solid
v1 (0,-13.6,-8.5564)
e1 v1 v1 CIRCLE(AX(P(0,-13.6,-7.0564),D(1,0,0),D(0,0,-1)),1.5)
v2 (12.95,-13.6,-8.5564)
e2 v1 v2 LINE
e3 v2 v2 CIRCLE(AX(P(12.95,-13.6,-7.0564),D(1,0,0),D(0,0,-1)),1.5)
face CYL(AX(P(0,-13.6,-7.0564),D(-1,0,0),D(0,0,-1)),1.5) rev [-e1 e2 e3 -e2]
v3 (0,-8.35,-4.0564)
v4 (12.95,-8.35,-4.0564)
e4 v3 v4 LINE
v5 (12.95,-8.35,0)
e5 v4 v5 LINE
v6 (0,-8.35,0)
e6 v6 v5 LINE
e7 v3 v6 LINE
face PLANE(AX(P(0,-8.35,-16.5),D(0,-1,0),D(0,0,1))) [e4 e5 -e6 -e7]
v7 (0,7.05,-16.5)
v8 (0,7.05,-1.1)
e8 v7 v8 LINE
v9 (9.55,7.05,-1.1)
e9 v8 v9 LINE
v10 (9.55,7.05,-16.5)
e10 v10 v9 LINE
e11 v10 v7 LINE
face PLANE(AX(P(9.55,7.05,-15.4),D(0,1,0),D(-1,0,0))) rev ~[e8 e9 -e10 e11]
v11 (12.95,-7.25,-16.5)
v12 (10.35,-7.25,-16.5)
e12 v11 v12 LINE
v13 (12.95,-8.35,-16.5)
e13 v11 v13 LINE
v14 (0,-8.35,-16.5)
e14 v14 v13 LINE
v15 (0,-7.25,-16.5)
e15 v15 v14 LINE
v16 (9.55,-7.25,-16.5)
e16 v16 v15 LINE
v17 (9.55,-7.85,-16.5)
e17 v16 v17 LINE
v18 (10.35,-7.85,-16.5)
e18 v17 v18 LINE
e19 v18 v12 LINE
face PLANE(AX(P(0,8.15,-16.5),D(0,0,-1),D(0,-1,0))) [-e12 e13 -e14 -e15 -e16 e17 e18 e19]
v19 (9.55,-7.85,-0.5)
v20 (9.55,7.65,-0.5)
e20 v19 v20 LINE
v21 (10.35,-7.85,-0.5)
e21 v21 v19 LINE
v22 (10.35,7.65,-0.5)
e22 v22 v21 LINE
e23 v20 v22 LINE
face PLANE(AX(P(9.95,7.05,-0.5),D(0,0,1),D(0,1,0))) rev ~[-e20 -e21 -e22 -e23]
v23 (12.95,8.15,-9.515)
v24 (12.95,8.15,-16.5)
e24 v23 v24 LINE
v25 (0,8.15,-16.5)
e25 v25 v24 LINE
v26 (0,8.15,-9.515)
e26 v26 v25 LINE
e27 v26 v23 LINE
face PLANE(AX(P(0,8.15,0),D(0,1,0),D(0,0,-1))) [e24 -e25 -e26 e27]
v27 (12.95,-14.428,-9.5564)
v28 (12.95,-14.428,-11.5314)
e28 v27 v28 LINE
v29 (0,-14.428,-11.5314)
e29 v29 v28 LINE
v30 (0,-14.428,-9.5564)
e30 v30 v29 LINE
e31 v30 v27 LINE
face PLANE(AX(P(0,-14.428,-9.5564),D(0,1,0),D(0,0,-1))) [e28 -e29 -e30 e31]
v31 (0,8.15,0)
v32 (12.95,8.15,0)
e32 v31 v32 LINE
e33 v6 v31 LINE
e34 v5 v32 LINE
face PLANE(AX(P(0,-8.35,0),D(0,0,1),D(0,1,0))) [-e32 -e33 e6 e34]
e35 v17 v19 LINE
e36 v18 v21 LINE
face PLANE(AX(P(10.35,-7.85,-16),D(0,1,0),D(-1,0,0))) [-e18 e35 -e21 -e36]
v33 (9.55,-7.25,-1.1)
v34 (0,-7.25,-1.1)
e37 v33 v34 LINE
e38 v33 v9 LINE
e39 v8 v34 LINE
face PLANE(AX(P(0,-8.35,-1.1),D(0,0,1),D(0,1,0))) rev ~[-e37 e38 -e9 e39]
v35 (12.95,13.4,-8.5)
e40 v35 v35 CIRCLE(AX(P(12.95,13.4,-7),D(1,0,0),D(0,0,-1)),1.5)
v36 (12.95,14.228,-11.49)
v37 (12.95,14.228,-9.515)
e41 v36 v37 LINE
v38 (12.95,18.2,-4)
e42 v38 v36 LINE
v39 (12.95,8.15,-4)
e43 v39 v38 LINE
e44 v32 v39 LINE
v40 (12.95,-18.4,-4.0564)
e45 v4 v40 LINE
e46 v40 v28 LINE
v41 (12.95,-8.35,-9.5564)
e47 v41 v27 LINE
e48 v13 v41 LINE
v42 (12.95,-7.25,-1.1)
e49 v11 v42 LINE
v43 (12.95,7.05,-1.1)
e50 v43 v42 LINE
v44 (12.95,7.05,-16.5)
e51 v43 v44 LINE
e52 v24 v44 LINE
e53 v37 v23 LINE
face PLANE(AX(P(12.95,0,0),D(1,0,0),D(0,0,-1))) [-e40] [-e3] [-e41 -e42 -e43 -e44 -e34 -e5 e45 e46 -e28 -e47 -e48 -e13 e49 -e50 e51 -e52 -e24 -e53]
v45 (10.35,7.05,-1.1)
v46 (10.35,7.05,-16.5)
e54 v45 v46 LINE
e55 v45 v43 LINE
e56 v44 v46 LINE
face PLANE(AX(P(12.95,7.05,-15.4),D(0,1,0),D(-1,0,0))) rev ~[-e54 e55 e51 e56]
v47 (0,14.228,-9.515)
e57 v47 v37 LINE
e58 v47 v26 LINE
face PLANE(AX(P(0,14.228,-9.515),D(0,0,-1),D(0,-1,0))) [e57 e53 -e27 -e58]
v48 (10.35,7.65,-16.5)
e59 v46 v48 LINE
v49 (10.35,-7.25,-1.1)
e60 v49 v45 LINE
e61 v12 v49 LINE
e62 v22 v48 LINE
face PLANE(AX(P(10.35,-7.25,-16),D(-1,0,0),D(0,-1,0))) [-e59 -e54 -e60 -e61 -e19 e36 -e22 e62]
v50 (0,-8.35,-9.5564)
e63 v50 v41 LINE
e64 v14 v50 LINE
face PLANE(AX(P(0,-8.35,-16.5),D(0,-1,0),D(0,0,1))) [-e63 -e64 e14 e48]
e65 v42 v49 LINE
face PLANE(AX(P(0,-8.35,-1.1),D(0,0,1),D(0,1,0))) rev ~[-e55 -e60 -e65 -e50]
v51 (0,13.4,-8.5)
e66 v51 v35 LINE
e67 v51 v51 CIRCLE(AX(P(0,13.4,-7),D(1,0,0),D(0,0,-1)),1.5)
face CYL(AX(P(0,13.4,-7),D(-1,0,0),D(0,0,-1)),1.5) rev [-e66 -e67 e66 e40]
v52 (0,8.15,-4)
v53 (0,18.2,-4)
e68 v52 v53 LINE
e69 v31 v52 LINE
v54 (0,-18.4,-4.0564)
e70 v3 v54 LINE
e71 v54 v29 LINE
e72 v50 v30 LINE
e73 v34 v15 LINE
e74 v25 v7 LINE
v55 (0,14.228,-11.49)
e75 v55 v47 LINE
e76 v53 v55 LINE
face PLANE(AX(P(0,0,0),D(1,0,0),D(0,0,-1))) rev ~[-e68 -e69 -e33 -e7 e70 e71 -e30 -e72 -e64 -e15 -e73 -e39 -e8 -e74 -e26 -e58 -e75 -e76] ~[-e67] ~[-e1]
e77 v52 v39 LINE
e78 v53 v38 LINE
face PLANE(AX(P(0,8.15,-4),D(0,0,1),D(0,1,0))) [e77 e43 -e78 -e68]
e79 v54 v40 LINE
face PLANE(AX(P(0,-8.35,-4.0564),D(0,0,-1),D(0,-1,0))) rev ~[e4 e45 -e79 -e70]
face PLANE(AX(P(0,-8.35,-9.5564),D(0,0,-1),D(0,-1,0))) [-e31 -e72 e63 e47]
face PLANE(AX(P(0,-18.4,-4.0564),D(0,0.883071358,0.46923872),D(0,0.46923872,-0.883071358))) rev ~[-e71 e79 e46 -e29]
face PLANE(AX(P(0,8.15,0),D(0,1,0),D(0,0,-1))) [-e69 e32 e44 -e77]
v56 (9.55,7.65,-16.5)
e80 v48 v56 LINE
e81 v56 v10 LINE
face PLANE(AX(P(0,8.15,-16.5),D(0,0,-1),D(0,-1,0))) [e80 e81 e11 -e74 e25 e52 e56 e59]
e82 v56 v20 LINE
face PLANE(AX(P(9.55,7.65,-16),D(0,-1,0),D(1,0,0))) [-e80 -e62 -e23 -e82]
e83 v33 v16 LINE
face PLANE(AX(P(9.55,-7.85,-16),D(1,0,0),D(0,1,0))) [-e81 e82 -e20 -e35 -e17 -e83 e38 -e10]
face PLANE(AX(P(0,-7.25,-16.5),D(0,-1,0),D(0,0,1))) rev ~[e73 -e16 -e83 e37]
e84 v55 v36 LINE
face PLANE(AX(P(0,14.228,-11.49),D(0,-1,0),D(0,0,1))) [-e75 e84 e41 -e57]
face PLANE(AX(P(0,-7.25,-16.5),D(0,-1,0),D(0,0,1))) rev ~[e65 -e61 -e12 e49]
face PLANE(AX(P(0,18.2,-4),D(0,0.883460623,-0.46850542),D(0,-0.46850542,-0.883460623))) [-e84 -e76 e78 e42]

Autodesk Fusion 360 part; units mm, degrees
sketch "Sketch Metalens Holder" plane through (0, 0, 0) normal (1, 0, 0) x (0, 0, -1)
  line L0 (0, 8.15) -> (16.5, 8.15)
  line L1 (16.5, 8.15) -> (16.5, -8.35)
  line L2 (16.5, -8.35) -> (0, -8.35)
  line L3 (0, -8.35) -> (0, 8.15)
  dimension "d3" = 16.5
  dimension "d4" = 16.5
extrude "Extrude Metalens Holder" add sketch "Sketch Metalens Holder" along normal blind 12.95
shell "Shell Metalens Holder" thickness 1.1 removed faces 2 at (12.95, 2.65, -5.5) at (0, 2.65, -5.5)
sketch "Sketch Screwing Parts" plane through (0, 0, 0) normal (1, 0, 0) x (0, 0, -1)
  line L0 (4, 8.15) -> (4, 18.2)
  line L1 (4, 18.2) -> (11.49, 14.228)
  line L2 (11.49, 14.228) -> (9.515, 14.228)
  line L3 (9.515, 14.228) -> (9.515, 8.15)
  line L4 (4, 8.15) -> (9.515, 8.15)
  circle A0 centre (7, 13.4) radius 1.5
  line L5 (0, 8.15) -> (16.5, 8.15)
  line L6 (4.0564, -8.35) -> (4.0564, -18.4)
  line L7 (0.0564, -8.35) -> (16.5564, -8.35)
  line L8 (0, -8.35) -> (16.5, -8.35)
  line L9 (9.5564, -8.35) -> (9.5564, -14.428)
  line L10 (9.5564, -14.428) -> (11.5314, -14.428)
  line L11 (4.0564, -18.4) -> (11.5314, -14.428)
  circle A1 centre (7.0564, -13.6) radius 1.5
  point P0 (0, 8.15)
  dimension "d48" = 10.05
  dimension "d50" = 8.478
  dimension "d51" = 1.975
  dimension "d55" = 3
  dimension "d57" = 4.8
  dimension "d65" = 16.5
  dimension "d66" = 4
  dimension "d68" = 5.5
  dimension "d72" = 4.8
  dimension "d73" = 9.5
  dimension "d74" = 7
  dimension "d75" = 6.078
  dimension "d76" = 27
  dimension "d77" = 36.6
extrude "Extrude Crewing Parts" add sketch "Sketch Screwing Parts" along normal blind 12.95
ref_plane "WorkPlane1" through (9.95, -0.1, -8.25) normal (1, 0, 0) x (0, 0, -1)
sketch "Sketch Inside Slit" plane through (9.95, 0, 0) normal (1, 0, 0) x (0, 0, -1)
  line L0 (15.4, 7.05) -> (15.4, -7.25)
  line L1 (0.5, 7.65) -> (16, 7.65)
  line L2 (16, 7.65) -> (16, -7.85)
  line L3 (16, -7.85) -> (0.5, -7.85)
  line L4 (0.5, -7.85) -> (0.5, 7.65)
  line L5 (15.4, 7.05) -> (1.1, 7.05)
  line L6 (1.1, 7.05) -> (1.1, -7.25)
  line L7 (1.1, -7.25) -> (15.4, -7.25)
  line L8 (15.4, -7.25) -> (15.4, 7.05)
  line L9 (15.4, 7.05) -> (0.5, 7.05)
  line L10 (1.1, 7.05) -> (16, 7.05)
  line L11 (1.1, -7.25) -> (16, -7.25)
  line L12 (15.4, -7.25) -> (0.5, -7.25)
  line L13 (16.5, -8.35) -> (16.5, 8.15)
  line L14 (16.5, 8.15) -> (9.515, 8.15)
  point P0 (1.1, -7.25)
  point P1 (1.1, 7.05)
  dimension "d91" = 15.5
  dimension "d132" = 0.5
  dimension "d133" = 0.5
extrude "Extrude Inside Slit" cut sketch "Sketch Inside Slit" along normal mid plane 0.8
extrude "Extrude Remove 4th Wall" cut 2 faces at (3.1833, 2.2833, -15.4) (11.2167, 2.2833, -15.4) along direction (0, 0, -1) blind 1.1
extrude "Extrude Remove 4th Wall Bis" cut 1 faces at (10.0833, -2.4833, -16) along direction (0, 0, -1) blind 0.6
